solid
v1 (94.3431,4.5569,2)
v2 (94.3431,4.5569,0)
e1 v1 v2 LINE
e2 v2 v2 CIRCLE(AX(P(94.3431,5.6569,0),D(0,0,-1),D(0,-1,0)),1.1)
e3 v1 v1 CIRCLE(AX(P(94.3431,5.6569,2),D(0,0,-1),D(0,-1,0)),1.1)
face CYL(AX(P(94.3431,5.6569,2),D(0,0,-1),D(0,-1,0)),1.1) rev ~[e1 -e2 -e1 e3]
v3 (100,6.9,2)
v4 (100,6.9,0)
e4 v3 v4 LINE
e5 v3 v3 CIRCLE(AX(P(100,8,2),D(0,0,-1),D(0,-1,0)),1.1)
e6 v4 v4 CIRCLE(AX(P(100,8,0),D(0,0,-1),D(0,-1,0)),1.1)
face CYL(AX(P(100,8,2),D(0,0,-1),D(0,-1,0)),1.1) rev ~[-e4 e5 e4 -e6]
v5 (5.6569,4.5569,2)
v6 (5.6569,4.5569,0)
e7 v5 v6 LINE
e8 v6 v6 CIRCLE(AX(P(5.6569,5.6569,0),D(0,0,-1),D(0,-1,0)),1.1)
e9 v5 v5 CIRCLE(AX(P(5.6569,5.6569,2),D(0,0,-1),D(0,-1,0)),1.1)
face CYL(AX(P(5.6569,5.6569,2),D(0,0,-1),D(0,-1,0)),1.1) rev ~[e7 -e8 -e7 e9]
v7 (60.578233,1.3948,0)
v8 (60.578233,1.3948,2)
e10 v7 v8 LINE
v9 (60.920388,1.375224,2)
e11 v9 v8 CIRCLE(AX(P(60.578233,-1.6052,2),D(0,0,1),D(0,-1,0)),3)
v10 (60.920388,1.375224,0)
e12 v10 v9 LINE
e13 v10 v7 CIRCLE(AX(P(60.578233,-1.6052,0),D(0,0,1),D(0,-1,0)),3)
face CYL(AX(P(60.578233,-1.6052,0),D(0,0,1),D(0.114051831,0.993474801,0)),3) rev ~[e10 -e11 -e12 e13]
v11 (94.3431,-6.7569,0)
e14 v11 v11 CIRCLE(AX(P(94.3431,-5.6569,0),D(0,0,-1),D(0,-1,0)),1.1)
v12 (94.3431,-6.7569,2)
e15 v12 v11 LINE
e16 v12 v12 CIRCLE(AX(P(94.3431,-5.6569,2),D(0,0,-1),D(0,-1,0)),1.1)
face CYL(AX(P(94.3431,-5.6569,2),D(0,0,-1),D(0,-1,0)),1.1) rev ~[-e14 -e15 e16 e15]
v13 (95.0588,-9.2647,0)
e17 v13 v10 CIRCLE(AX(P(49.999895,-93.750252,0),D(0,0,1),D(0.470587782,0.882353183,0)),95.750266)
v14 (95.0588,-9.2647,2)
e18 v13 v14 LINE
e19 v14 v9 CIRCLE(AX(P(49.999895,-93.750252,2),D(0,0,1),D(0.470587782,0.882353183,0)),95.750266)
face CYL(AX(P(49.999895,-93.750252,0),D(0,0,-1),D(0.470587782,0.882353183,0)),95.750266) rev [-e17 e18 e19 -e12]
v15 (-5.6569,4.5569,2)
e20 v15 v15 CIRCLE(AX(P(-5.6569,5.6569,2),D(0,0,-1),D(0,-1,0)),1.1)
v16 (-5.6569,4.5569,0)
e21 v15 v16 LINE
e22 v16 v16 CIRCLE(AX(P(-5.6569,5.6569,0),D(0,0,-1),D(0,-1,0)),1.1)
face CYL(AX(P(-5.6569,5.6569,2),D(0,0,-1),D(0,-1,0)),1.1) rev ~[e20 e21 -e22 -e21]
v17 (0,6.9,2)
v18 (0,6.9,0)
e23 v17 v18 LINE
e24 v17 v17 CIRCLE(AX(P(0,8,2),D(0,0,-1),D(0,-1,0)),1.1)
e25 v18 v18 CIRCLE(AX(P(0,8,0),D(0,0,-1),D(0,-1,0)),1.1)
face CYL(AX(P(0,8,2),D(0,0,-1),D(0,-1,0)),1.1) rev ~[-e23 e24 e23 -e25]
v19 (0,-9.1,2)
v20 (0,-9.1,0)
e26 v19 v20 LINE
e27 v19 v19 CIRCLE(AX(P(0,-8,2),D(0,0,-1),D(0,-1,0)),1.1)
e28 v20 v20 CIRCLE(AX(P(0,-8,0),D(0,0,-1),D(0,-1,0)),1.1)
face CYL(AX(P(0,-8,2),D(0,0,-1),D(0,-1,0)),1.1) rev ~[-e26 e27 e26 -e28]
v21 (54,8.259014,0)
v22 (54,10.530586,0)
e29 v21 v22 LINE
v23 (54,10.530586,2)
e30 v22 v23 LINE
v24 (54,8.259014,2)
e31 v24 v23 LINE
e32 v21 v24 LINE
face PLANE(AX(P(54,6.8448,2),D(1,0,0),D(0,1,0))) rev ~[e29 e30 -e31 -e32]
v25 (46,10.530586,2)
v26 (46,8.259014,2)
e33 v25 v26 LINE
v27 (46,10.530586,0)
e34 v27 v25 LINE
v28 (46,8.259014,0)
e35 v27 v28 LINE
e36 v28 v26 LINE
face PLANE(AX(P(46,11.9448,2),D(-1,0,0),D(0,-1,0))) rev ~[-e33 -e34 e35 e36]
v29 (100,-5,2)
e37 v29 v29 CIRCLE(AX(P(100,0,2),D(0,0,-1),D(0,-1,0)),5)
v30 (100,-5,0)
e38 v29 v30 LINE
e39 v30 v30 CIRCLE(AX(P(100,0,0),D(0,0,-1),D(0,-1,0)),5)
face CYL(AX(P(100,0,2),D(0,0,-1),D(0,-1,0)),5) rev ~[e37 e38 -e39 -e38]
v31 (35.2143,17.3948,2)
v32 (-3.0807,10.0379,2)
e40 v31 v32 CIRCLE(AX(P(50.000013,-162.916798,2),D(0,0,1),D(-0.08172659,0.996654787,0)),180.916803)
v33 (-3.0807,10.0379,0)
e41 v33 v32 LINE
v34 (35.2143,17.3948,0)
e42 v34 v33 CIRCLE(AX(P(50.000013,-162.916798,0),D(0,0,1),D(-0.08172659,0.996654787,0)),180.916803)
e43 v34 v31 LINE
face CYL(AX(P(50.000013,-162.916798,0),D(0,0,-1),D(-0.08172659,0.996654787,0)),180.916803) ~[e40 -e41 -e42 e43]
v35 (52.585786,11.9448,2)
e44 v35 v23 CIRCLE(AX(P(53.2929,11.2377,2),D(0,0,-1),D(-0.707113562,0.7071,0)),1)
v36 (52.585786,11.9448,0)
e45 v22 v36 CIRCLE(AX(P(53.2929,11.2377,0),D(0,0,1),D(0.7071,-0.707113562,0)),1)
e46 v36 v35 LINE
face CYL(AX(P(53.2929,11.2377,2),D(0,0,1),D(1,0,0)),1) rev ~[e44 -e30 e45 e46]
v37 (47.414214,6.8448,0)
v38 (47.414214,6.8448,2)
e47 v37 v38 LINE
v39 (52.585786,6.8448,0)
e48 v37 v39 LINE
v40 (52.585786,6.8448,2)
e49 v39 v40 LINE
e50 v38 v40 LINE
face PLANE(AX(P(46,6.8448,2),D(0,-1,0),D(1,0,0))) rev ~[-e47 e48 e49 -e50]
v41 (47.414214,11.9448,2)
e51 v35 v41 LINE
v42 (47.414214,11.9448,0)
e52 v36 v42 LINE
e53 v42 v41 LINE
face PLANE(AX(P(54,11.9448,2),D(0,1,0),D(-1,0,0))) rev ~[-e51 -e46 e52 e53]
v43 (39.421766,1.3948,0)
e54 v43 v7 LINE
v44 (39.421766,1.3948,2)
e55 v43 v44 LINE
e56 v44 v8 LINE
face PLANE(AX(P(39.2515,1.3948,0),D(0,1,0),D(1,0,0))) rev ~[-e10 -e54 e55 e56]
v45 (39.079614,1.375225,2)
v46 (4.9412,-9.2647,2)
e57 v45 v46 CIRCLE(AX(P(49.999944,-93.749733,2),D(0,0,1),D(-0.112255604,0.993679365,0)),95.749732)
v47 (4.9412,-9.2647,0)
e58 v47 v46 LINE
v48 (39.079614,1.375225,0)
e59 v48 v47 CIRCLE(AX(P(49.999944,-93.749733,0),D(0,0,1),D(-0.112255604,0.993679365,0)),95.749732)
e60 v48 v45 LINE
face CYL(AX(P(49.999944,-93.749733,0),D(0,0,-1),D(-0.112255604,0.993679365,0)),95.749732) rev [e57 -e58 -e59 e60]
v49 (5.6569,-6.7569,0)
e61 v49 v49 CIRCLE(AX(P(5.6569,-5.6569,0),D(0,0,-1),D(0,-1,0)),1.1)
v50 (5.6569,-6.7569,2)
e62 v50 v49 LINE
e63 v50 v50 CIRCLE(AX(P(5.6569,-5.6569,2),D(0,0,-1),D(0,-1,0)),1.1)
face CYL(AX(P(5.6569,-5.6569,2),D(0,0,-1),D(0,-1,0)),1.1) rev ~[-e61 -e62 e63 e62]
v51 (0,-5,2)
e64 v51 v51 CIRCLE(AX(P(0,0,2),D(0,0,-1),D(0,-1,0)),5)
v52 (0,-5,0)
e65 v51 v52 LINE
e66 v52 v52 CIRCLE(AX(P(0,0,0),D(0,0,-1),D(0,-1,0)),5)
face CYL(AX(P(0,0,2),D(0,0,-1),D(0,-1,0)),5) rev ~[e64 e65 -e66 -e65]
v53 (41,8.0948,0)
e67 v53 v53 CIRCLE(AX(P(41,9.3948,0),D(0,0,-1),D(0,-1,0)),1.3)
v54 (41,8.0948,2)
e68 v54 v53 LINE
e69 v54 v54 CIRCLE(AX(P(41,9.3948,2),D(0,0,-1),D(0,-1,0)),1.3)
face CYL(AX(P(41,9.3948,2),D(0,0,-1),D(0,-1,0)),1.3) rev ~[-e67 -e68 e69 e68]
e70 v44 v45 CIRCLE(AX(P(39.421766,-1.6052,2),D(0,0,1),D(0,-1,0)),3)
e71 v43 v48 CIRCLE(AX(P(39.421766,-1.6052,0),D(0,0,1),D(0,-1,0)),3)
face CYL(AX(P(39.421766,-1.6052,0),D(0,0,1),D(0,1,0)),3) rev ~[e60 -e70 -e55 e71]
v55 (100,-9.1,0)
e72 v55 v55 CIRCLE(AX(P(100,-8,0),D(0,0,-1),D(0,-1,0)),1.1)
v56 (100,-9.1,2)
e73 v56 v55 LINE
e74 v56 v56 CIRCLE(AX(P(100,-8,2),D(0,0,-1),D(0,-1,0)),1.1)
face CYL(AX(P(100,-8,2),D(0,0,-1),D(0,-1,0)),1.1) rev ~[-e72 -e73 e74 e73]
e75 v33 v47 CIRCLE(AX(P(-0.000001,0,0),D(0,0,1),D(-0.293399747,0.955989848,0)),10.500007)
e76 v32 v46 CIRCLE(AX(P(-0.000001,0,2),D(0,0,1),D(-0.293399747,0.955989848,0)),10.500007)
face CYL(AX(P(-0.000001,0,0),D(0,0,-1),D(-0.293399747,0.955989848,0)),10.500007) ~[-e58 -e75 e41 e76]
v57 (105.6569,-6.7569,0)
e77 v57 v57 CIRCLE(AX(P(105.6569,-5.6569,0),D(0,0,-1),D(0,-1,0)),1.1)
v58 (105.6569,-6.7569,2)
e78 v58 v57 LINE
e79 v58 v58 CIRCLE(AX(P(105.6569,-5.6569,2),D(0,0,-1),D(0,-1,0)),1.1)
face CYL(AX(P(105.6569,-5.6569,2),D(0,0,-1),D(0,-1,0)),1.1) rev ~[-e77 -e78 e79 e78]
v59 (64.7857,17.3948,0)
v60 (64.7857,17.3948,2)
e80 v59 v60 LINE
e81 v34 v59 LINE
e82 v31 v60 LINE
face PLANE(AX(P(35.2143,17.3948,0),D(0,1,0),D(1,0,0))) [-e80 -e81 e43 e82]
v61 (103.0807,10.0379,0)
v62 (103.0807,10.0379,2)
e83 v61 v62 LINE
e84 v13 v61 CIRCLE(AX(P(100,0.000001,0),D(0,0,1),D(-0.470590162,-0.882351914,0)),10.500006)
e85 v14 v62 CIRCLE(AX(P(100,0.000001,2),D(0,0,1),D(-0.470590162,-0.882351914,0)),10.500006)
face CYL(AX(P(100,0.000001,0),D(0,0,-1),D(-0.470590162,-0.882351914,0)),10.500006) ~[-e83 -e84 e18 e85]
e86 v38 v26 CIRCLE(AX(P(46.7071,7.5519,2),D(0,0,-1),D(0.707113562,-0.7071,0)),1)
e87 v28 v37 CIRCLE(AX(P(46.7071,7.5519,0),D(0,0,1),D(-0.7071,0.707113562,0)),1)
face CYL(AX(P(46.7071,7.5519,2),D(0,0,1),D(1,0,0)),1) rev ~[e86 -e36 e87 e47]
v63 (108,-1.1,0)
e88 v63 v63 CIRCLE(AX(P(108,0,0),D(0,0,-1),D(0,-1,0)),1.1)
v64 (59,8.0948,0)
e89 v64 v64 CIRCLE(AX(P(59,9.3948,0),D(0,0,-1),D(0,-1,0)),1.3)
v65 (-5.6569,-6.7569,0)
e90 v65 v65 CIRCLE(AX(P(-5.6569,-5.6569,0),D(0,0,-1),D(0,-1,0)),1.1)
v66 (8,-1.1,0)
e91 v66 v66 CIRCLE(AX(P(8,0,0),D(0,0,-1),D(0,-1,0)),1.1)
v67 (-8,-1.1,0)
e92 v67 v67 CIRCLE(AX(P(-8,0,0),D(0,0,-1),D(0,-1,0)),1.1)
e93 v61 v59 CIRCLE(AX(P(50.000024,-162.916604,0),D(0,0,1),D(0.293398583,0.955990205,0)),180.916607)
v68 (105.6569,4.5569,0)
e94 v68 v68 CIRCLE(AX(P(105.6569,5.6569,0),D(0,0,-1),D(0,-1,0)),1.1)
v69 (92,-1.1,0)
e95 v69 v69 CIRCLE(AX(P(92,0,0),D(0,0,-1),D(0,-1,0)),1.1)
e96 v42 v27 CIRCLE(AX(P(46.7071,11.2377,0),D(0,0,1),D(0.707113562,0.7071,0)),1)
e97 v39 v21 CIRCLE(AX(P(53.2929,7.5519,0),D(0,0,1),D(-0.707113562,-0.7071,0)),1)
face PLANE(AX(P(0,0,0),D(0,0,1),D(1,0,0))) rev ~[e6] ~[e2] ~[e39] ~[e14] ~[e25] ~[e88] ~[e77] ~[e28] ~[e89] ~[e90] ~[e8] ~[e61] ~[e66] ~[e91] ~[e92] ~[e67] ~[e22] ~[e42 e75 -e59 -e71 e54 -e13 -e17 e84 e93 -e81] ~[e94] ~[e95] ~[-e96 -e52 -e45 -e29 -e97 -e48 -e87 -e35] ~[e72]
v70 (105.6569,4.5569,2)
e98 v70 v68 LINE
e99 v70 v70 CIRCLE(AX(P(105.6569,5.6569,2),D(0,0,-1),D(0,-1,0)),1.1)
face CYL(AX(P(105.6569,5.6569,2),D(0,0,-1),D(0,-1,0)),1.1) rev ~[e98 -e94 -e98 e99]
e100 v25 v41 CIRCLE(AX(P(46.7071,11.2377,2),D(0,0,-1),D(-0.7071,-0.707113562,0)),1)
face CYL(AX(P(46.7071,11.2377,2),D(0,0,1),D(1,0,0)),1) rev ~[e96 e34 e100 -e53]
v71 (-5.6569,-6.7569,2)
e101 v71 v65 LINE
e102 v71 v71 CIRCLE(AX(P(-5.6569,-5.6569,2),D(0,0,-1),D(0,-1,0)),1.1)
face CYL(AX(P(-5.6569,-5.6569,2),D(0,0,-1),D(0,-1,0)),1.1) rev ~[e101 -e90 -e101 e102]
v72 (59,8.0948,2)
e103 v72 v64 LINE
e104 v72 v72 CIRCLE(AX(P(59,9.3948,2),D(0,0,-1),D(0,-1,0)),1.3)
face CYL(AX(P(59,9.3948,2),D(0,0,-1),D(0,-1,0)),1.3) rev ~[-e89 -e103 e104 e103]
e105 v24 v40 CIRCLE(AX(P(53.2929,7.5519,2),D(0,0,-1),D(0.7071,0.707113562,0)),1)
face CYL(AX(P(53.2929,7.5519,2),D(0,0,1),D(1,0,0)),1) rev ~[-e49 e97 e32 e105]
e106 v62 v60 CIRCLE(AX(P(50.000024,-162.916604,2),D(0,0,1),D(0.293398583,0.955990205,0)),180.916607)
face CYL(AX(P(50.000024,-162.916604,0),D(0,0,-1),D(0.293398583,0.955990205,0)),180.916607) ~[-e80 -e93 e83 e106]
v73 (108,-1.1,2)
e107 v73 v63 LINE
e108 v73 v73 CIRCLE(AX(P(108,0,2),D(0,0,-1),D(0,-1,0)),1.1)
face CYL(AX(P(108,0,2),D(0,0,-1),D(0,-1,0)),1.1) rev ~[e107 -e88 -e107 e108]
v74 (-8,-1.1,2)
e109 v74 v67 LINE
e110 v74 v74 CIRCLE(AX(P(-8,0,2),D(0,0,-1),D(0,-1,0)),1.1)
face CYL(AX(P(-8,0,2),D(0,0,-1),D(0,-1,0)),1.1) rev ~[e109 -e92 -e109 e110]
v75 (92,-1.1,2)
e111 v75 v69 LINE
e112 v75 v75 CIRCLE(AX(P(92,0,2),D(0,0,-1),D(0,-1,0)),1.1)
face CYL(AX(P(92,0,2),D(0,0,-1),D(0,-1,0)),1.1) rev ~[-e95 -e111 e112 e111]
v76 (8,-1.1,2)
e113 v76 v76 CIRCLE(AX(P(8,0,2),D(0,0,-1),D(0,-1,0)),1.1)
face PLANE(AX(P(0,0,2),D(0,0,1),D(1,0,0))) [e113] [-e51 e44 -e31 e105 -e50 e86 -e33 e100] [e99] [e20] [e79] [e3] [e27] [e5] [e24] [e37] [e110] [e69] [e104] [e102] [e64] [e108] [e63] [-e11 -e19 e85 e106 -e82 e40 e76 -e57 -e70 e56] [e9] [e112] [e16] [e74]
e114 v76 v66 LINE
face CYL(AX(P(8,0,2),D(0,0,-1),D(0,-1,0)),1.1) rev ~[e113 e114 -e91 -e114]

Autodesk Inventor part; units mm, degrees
ref_plane "YZ Plane" through (0, 0, 0) normal (1, 0, 0) x (0, 1, 0)
ref_plane "XZ Plane" through (0, 0, 0) normal (0, 1, 0) x (-1, 0, 0)
ref_plane "XY Plane" through (0, 0, 0) normal (0, 0, 1) x (1, 0, 0)
sketch "Sketch1" plane through (0, 0, 0) normal (0, 0, 1) x (1, 0, 0)
  line L0 (0, 0) -> (100, 0) construction
  arc A0 (10.5, 0) -> (-3.0807, 10.0379) centre (0, 0) ccw construction
  arc A1 (89.5, 0) -> (95.0588, -9.2647) centre (100, 0) ccw construction
  arc A2 (95.0588, -9.2647) -> (60.7485, 1.3948) centre (50, -93.75) ccw
  arc A3 (103.0807, 10.0379) -> (64.7857, 17.3948) centre (50, -162.9167) ccw
  line L1 (35.2143, 17.3948) -> (64.7857, 17.3948)
  line L2 (39.2515, 1.3948) -> (60.7485, 1.3948)
  line L3 (50, 0) -> (50, 2) construction
  line L4 (50, 18) -> (50, 2) construction
  line L5 (35.2143, 17.3948) -> (39.2515, 1.3948) construction
  line L6 (0, 0) -> (37.2329, 9.3948) construction
  arc A4 (39.2515, 1.3948) -> (4.9412, -9.2647) centre (50, -93.75) ccw
  arc A5 (60.7485, 1.3948) -> (39.2515, 1.3948) centre (50, -93.75) ccw construction
  arc A6 (35.2143, 17.3948) -> (-3.0807, 10.0379) centre (50, -162.9167) ccw
  arc A7 (64.7857, 17.3948) -> (35.2143, 17.3948) centre (50, -162.9167) ccw construction
  arc A8 (4.9412, -9.2647) -> (10.5, 0) centre (0, 0) ccw construction
  arc A9 (-3.0807, 10.0379) -> (4.9412, -9.2647) centre (0, 0) ccw
  arc A10 (103.0807, 10.0379) -> (89.5, 0) centre (100, 0) ccw construction
  arc A11 (95.0588, -9.2647) -> (103.0807, 10.0379) centre (100, 0) ccw
  dimension "d0" = 100
  dimension "d1" = 21
  dimension "d2" = 2
  dimension "d3" = 16
  dimension "d30" = 16
  dimension "d31" = 38.3998
extrude "Extrusion1" add sketch "Sketch1" along normal blind 2
sketch "Sketch2" plane through (0, 0, 2) normal (0, 0, 1) x (1, 0, 0)
  line L0 (64.7857, 17.3948) -> (35.2143, 17.3948) construction
  line L1 (39.2515, 1.3948) -> (60.7485, 1.3948) construction
  line L2 (50, 17.3948) -> (50, 1.3948) construction
  line L3 (41, 9.3948) -> (59, 9.3948) construction
  line L4 (46, 6.8448) -> (54, 6.8448)
  line L5 (54, 6.8448) -> (54, 11.9448)
  line L6 (54, 11.9448) -> (46, 11.9448)
  line L7 (46, 11.9448) -> (46, 6.8448)
  line L8 (46, 6.8448) -> (54, 11.9448) construction
  line L9 (54, 6.8448) -> (46, 11.9448) construction
  point P0 (0, 0)
  point P1 (50, 9.3948)
  dimension "d7" = 18
  dimension "d8" = 5.1
  dimension "d9" = 8
extrude "Extrusion2" cut sketch "Sketch2" against normal through all
hole "Hole1" at (41, 9.3948, 2) at (59, 9.3948, 2) direction (0, 0, -1) diameter 2.6 end through all
sketch "Sketch3" plane through (0, 0, 2) normal (0, 0, 1) x (1, 0, 0)
  line L0 (46, 11.9448) -> (54, 11.9448) construction
  line L1 (46, 6.8448) -> (46, 11.9448) construction
  line L2 (54, 6.8448) -> (46, 6.8448) construction
  line L3 (54, 11.9448) -> (54, 6.8448) construction
  line L4 (53.2929, 11.2377) -> (46.7071, 11.2377) construction
  line L5 (46.7071, 11.2377) -> (46.7071, 7.5519) construction
  line L6 (46.7071, 7.5519) -> (53.2929, 7.5519) construction
  line L7 (53.2929, 7.5519) -> (53.2929, 11.2377) construction
  circle A0 centre (46.7071, 11.2377) radius 1
  circle A1 centre (46.7071, 7.5519) radius 1
  circle A2 centre (53.2929, 7.5519) radius 1
  circle A3 centre (53.2929, 11.2377) radius 1
  point P0 (0, 0)
  dimension "d19" = 2
extrude "Extrusion3" cut sketch "Sketch3" against normal through all
sketch "Sketch4" plane through (0, 0, 2) normal (0, 0, 1) x (1, 0, 0)
  arc A0 (95.0588, -9.2647) -> (103.0807, 10.0379) centre (100, 0) ccw construction
  point P0 (0, 0)
  point P1 (0, 0)
hole "Hole2" at (0, 0, 2) at (100, 0, 2) direction (0, 0, -1) diameter 10 end through all
sketch "Sketch5" plane through (0, 0, 2) normal (0, 0, 1) x (1, 0, 0)
  circle A0 centre (0, 0) radius 8 construction
  circle A1 centre (100, 0) radius 5 construction
  circle A2 centre (100, 0) radius 8 construction
  line L0 (-8, 0) -> (0, 0) construction
  line L1 (100, 0) -> (108, 0) construction
  point P0 (-5.6569, -5.6569)
  point P1 (0, -8)
  point P2 (5.6569, -5.6569)
  point P3 (8, 0)
  point P4 (5.6569, 5.6569)
  point P5 (0, 8)
  point P6 (-5.6569, 5.6569)
  point P7 (105.6569, 5.6569)
  point P8 (100, 8)
  point P9 (94.3431, 5.6569)
  point P10 (92, 0)
  point P11 (94.3431, -5.6569)
  point P12 (100, -8)
  point P13 (105.6569, -5.6569)
  dimension "d36" = 16
  dimension "d34" = 360
  dimension "d39" = 360
hole "Hole3" at (-8, 0, 2) at (-5.6569, -5.6569, 2) at (0, -8, 2) at (5.6569, -5.6569, 2) at (8, 0, 2) at (5.6569, 5.6569, 2) at (0, 8, 2) at (-5.6569, 5.6569, 2) at (108, 0, 2) at (105.6569, 5.6569, 2) at (100, 8, 2) at (94.3431, 5.6569, 2) at (92, 0, 2) at (94.3431, -5.6569, 2) at (100, -8, 2) at (105.6569, -5.6569, 2) direction (0, 0, -1) diameter 2.2 end through all
fillet "Fillet1" radius 3 4 edges at (35.2143, 17.3948, 1) (64.7857, 17.3948, 1) (60.7485, 1.3948, 1) (39.2515, 1.3948, 1)
sketch "Sketch6" plane through (0, 0, 2) normal (0, 0, 1) x (1, 0, 0)
  arc A0 (64.9097, 17.3846) -> (64.6624, 17.3948) centre (64.6624, 14.3948) ccw projected
  line L0 (64.6624, 17.3948) -> (35.3376, 17.3948) projected
  arc A1 (35.3376, 17.3948) -> (35.0903, 17.3846) centre (35.3376, 14.3948) ccw projected
  arc A2 (35.0903, 17.3846) -> (-3.0807, 10.0379) centre (50, -162.9167) ccw projected
  arc A3 (-3.0807, 10.0379) -> (4.9412, -9.2647) centre (0, 0) ccw projected
  arc A4 (39.0796, 1.3752) -> (4.9412, -9.2647) centre (50, -93.75) ccw projected
  arc A5 (39.4217, 1.3948) -> (39.0796, 1.3752) centre (39.4217, -1.6052) ccw projected
  line L1 (39.4217, 1.3948) -> (60.5783, 1.3948) projected
  arc A6 (60.9204, 1.3752) -> (60.5783, 1.3948) centre (60.5783, -1.6052) ccw projected
  arc A7 (95.0588, -9.2647) -> (60.9204, 1.3752) centre (50, -93.75) ccw projected
  arc A8 (95.0588, -9.2647) -> (103.0807, 10.0379) centre (100, 0) ccw projected
  arc A9 (103.0807, 10.0379) -> (64.9097, 17.3846) centre (50, -162.9167) ccw projected
  circle A10 centre (100, -8) radius 1.1 projected
  circle A11 centre (92, 0) radius 1.1 projected
  circle A12 centre (100, 8) radius 1.1 projected
  circle A13 centre (108, 0) radius 1.1 projected
  circle A14 centre (0, 8) radius 1.1 projected
  circle A15 centre (8, 0) radius 1.1 projected
  circle A16 centre (0, -8) radius 1.1 projected
  circle A17 centre (-8, 0) radius 1.1 projected
  circle A18 centre (-5.6569, -5.6569) radius 1.1 projected
  circle A19 centre (5.6569, -5.6569) radius 1.1 projected
  circle A20 centre (5.6569, 5.6569) radius 1.1 projected
  circle A21 centre (-5.6569, 5.6569) radius 1.1 projected
  circle A22 centre (105.6569, 5.6569) radius 1.1 projected
  circle A23 centre (94.3431, 5.6569) radius 1.1 projected
  circle A24 centre (94.3431, -5.6569) radius 1.1 projected
  circle A25 centre (105.6569, -5.6569) radius 1.1 projected
  circle A26 centre (0, 0) radius 5 projected
  circle A27 centre (100, 0) radius 5 projected
  arc A28 (52.5858, 6.8448) -> (54, 8.259) centre (53.2929, 7.5519) ccw projected
  line L2 (52.5858, 6.8448) -> (47.4142, 6.8448) projected
  arc A29 (46, 8.259) -> (47.4142, 6.8448) centre (46.7071, 7.5519) ccw projected
  line L3 (46, 8.259) -> (46, 10.5306) projected
  arc A30 (47.4142, 11.9448) -> (46, 10.5306) centre (46.7071, 11.2377) ccw projected
  line L4 (47.4142, 11.9448) -> (52.5858, 11.9448) projected
  arc A31 (54, 10.5306) -> (52.5858, 11.9448) centre (53.2929, 11.2377) ccw projected
  line L5 (54, 10.5306) -> (54, 8.259) projected
  circle A32 centre (41, 9.3948) radius 1.3 projected
  circle A33 centre (59, 9.3948) radius 1.3 projected
properties part number "16_013_FEMUR_FRAME_FREE_R1" material "Aluminum 6061"
